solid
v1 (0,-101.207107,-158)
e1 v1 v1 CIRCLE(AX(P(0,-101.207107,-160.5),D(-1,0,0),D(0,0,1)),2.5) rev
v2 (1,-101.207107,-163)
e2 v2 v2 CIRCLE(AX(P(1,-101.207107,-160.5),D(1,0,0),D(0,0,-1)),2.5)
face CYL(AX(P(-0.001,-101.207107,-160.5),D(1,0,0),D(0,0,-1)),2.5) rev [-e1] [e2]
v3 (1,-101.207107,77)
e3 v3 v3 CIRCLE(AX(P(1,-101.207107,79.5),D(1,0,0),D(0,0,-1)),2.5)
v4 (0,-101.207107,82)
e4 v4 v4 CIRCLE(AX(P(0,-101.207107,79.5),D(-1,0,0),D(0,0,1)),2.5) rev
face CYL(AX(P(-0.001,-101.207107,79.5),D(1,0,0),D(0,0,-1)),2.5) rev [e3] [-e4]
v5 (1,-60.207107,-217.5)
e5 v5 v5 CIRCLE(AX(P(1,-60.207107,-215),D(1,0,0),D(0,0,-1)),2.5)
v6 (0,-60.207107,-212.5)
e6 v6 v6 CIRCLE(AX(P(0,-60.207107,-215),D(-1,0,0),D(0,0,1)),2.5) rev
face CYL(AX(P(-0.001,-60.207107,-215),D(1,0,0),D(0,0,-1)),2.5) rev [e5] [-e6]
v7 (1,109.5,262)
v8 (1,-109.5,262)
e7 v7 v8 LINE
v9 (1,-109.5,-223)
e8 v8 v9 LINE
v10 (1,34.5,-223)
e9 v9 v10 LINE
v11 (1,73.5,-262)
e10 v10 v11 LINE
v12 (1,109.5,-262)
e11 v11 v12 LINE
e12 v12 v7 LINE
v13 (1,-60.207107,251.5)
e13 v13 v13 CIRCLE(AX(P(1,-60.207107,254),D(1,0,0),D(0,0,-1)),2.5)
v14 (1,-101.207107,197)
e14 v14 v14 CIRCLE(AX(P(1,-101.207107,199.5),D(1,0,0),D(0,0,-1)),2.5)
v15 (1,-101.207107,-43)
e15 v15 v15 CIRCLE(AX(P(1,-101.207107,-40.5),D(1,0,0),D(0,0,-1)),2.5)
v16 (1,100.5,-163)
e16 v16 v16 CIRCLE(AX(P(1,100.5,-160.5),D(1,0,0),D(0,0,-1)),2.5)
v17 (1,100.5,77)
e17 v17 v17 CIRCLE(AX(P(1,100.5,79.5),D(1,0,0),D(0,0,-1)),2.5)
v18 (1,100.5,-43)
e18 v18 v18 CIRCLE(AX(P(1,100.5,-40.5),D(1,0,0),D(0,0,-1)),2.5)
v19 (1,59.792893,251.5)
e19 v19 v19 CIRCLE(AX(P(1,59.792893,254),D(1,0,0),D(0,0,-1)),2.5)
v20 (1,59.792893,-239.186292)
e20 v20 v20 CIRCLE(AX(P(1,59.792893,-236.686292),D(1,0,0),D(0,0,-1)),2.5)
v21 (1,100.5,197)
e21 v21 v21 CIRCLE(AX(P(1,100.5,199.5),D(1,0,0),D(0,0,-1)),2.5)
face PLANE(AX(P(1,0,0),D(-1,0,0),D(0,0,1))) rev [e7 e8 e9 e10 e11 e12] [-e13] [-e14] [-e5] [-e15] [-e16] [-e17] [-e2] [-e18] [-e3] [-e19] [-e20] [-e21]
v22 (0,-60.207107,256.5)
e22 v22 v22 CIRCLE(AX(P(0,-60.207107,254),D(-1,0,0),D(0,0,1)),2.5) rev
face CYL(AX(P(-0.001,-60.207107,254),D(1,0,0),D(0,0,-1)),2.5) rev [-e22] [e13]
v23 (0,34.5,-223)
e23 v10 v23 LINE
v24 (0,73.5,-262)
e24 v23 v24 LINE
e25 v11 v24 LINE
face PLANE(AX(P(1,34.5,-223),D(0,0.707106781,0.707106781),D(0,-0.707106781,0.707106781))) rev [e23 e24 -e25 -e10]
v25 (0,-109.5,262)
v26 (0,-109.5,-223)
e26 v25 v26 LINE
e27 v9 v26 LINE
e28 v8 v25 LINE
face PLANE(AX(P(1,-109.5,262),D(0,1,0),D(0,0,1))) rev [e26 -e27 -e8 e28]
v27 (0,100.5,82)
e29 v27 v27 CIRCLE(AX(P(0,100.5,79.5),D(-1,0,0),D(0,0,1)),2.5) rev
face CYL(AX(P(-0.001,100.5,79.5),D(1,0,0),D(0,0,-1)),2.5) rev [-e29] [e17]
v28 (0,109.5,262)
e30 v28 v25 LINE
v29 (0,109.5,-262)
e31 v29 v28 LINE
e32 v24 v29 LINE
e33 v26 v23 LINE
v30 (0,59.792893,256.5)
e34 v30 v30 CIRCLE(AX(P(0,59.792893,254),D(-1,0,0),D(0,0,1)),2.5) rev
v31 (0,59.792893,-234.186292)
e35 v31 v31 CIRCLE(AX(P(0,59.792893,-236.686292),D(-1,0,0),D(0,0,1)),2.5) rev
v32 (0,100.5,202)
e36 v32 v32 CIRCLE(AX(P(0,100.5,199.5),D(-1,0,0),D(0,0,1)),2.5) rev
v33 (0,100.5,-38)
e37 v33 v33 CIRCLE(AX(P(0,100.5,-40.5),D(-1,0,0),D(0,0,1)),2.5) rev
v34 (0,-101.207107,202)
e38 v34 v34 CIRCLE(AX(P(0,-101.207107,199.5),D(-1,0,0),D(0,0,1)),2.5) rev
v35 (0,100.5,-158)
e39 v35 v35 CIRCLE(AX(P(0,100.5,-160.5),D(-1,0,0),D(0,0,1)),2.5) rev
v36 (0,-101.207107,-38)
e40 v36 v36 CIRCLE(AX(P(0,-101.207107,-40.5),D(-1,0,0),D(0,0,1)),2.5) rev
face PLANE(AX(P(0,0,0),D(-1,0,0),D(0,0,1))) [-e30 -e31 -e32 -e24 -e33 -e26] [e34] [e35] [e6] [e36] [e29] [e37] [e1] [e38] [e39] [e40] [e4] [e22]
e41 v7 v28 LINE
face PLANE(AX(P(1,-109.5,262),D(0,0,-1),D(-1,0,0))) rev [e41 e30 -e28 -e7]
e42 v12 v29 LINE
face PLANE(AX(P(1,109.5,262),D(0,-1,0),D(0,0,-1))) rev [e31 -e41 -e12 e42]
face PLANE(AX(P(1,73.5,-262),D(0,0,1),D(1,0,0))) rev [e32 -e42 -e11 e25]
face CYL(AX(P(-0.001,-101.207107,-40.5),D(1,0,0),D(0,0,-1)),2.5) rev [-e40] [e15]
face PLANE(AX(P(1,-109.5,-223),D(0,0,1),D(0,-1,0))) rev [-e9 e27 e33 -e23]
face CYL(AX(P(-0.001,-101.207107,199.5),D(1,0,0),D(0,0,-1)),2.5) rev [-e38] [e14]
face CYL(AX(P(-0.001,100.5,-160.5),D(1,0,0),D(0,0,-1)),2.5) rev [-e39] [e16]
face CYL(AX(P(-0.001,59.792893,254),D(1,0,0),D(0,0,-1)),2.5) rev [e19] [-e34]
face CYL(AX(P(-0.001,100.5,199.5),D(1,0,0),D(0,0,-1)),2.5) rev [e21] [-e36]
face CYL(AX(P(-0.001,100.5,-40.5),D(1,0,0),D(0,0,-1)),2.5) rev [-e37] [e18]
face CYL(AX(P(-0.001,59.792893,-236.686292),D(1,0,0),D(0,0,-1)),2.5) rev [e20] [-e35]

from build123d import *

# Parameters (mm, degrees)
EXTRUDE_1_DEPTH     = 1
CUT_EXTRUDE_1_REACH = 285.963
SKETCH_2_R          = 2.5


with BuildPart() as part:
    # Эскиз1 → Бобышка-Вытянуть1 (new body)
    with BuildSketch(Plane(origin=(0, 0, 0), x_dir=(0, 0, -1), z_dir=(1, 0, 0))):
        Polygon((223, -109.5), (223, 34.5), (262, 73.5), (262, 109.5), (-262, 109.5), (-262, -109.5), align=None)
    extrude(amount=EXTRUDE_1_DEPTH)

    # Эскиз2 → Вырез-Вытянуть1 (cut, up to next)
    with BuildSketch(Plane(origin=(1, 0, 0), x_dir=(0, 0, -1), z_dir=(1, 0, 0)), mode=Mode.PRIVATE) as cut_extrude_1_sk1:
        with Locations((40.5, -101.207106781)):
            Circle(SKETCH_2_R)
    cut_extrude_1_tool1 = extrude(cut_extrude_1_sk1.sketch, amount=-CUT_EXTRUDE_1_REACH, mode=Mode.PRIVATE) & part.part
    # Эскиз2 → Вырез-Вытянуть1 (cut, up to next)
    with BuildSketch(Plane(origin=(1, 0, 0), x_dir=(0, 0, -1), z_dir=(1, 0, 0)), mode=Mode.PRIVATE) as cut_extrude_1_sk2:
        with Locations((160.5, -101.207106781)):
            Circle(SKETCH_2_R)
    cut_extrude_1_tool2 = extrude(cut_extrude_1_sk2.sketch, amount=-CUT_EXTRUDE_1_REACH, mode=Mode.PRIVATE) & part.part
    # Эскиз2 → Вырез-Вытянуть1 (cut, up to next)
    with BuildSketch(Plane(origin=(1, 0, 0), x_dir=(0, 0, -1), z_dir=(1, 0, 0)), mode=Mode.PRIVATE) as cut_extrude_1_sk3:
        with Locations((-79.5, -101.207106781)):
            Circle(SKETCH_2_R)
    cut_extrude_1_tool3 = extrude(cut_extrude_1_sk3.sketch, amount=-CUT_EXTRUDE_1_REACH, mode=Mode.PRIVATE) & part.part
    # Эскиз2 → Вырез-Вытянуть1 (cut, up to next)
    with BuildSketch(Plane(origin=(1, 0, 0), x_dir=(0, 0, -1), z_dir=(1, 0, 0)), mode=Mode.PRIVATE) as cut_extrude_1_sk4:
        with Locations((-199.5, -101.207106781)):
            Circle(SKETCH_2_R)
    cut_extrude_1_tool4 = extrude(cut_extrude_1_sk4.sketch, amount=-CUT_EXTRUDE_1_REACH, mode=Mode.PRIVATE) & part.part
    # Эскиз2 → Вырез-Вытянуть1 (cut, up to next)
    with BuildSketch(Plane(origin=(1, 0, 0), x_dir=(0, 0, -1), z_dir=(1, 0, 0)), mode=Mode.PRIVATE) as cut_extrude_1_sk5:
        with Locations((215, -60.207106781)):
            Circle(SKETCH_2_R)
    cut_extrude_1_tool5 = extrude(cut_extrude_1_sk5.sketch, amount=-CUT_EXTRUDE_1_REACH, mode=Mode.PRIVATE) & part.part
    # Эскиз2 → Вырез-Вытянуть1 (cut, up to next)
    with BuildSketch(Plane(origin=(1, 0, 0), x_dir=(0, 0, -1), z_dir=(1, 0, 0)), mode=Mode.PRIVATE) as cut_extrude_1_sk6:
        with Locations((236.686291501, 59.792893219)):
            Circle(SKETCH_2_R)
    cut_extrude_1_tool6 = extrude(cut_extrude_1_sk6.sketch, amount=-CUT_EXTRUDE_1_REACH, mode=Mode.PRIVATE) & part.part
    # Эскиз2 → Вырез-Вытянуть1 (cut, up to next)
    with BuildSketch(Plane(origin=(1, 0, 0), x_dir=(0, 0, -1), z_dir=(1, 0, 0)), mode=Mode.PRIVATE) as cut_extrude_1_sk7:
        with Locations((-254, 59.792893219)):
            Circle(SKETCH_2_R)
    cut_extrude_1_tool7 = extrude(cut_extrude_1_sk7.sketch, amount=-CUT_EXTRUDE_1_REACH, mode=Mode.PRIVATE) & part.part
    # Эскиз2 → Вырез-Вытянуть1 (cut, up to next)
    with BuildSketch(Plane(origin=(1, 0, 0), x_dir=(0, 0, -1), z_dir=(1, 0, 0)), mode=Mode.PRIVATE) as cut_extrude_1_sk8:
        with Locations((-254, -60.207106781)):
            Circle(SKETCH_2_R)
    cut_extrude_1_tool8 = extrude(cut_extrude_1_sk8.sketch, amount=-CUT_EXTRUDE_1_REACH, mode=Mode.PRIVATE) & part.part
    # Эскиз2 → Вырез-Вытянуть1 (cut, up to next)
    with BuildSketch(Plane(origin=(1, 0, 0), x_dir=(0, 0, -1), z_dir=(1, 0, 0)), mode=Mode.PRIVATE) as cut_extrude_1_sk9:
        with Locations((-199.5, 100.5)):
            Circle(SKETCH_2_R)
    cut_extrude_1_tool9 = extrude(cut_extrude_1_sk9.sketch, amount=-CUT_EXTRUDE_1_REACH, mode=Mode.PRIVATE) & part.part
    # Эскиз2 → Вырез-Вытянуть1 (cut, up to next)
    with BuildSketch(Plane(origin=(1, 0, 0), x_dir=(0, 0, -1), z_dir=(1, 0, 0)), mode=Mode.PRIVATE) as cut_extrude_1_sk10:
        with Locations((-79.5, 100.5)):
            Circle(SKETCH_2_R)
    cut_extrude_1_tool10 = extrude(cut_extrude_1_sk10.sketch, amount=-CUT_EXTRUDE_1_REACH, mode=Mode.PRIVATE) & part.part
    # Эскиз2 → Вырез-Вытянуть1 (cut, up to next)
    with BuildSketch(Plane(origin=(1, 0, 0), x_dir=(0, 0, -1), z_dir=(1, 0, 0)), mode=Mode.PRIVATE) as cut_extrude_1_sk11:
        with Locations((40.5, 100.5)):
            Circle(SKETCH_2_R)
    cut_extrude_1_tool11 = extrude(cut_extrude_1_sk11.sketch, amount=-CUT_EXTRUDE_1_REACH, mode=Mode.PRIVATE) & part.part
    # Эскиз2 → Вырез-Вытянуть1 (cut, up to next)
    with BuildSketch(Plane(origin=(1, 0, 0), x_dir=(0, 0, -1), z_dir=(1, 0, 0)), mode=Mode.PRIVATE) as cut_extrude_1_sk12:
        with Locations((160.5, 100.5)):
            Circle(SKETCH_2_R)
    cut_extrude_1_tool12 = extrude(cut_extrude_1_sk12.sketch, amount=-CUT_EXTRUDE_1_REACH, mode=Mode.PRIVATE) & part.part
    add(cut_extrude_1_tool1.solids().sort_by_distance((1, -101.207107, -40.5))[0], mode=Mode.SUBTRACT)
    add(cut_extrude_1_tool2.solids().sort_by_distance((1, -101.207107, -160.5))[0], mode=Mode.SUBTRACT)
    add(cut_extrude_1_tool3.solids().sort_by_distance((1, -101.207107, 79.5))[0], mode=Mode.SUBTRACT)
    add(cut_extrude_1_tool4.solids().sort_by_distance((1, -101.207107, 199.5))[0], mode=Mode.SUBTRACT)
    add(cut_extrude_1_tool5.solids().sort_by_distance((1, -60.207107, -215))[0], mode=Mode.SUBTRACT)
    add(cut_extrude_1_tool6.solids().sort_by_distance((1, 59.792893, -236.686292))[0], mode=Mode.SUBTRACT)
    add(cut_extrude_1_tool7.solids().sort_by_distance((1, 59.792893, 254))[0], mode=Mode.SUBTRACT)
    add(cut_extrude_1_tool8.solids().sort_by_distance((1, -60.207107, 254))[0], mode=Mode.SUBTRACT)
    add(cut_extrude_1_tool9.solids().sort_by_distance((1, 100.5, 199.5))[0], mode=Mode.SUBTRACT)
    add(cut_extrude_1_tool10.solids().sort_by_distance((1, 100.5, 79.5))[0], mode=Mode.SUBTRACT)
    add(cut_extrude_1_tool11.solids().sort_by_distance((1, 100.5, -40.5))[0], mode=Mode.SUBTRACT)
    add(cut_extrude_1_tool12.solids().sort_by_distance((1, 100.5, -160.5))[0], mode=Mode.SUBTRACT)


solid = part.part
